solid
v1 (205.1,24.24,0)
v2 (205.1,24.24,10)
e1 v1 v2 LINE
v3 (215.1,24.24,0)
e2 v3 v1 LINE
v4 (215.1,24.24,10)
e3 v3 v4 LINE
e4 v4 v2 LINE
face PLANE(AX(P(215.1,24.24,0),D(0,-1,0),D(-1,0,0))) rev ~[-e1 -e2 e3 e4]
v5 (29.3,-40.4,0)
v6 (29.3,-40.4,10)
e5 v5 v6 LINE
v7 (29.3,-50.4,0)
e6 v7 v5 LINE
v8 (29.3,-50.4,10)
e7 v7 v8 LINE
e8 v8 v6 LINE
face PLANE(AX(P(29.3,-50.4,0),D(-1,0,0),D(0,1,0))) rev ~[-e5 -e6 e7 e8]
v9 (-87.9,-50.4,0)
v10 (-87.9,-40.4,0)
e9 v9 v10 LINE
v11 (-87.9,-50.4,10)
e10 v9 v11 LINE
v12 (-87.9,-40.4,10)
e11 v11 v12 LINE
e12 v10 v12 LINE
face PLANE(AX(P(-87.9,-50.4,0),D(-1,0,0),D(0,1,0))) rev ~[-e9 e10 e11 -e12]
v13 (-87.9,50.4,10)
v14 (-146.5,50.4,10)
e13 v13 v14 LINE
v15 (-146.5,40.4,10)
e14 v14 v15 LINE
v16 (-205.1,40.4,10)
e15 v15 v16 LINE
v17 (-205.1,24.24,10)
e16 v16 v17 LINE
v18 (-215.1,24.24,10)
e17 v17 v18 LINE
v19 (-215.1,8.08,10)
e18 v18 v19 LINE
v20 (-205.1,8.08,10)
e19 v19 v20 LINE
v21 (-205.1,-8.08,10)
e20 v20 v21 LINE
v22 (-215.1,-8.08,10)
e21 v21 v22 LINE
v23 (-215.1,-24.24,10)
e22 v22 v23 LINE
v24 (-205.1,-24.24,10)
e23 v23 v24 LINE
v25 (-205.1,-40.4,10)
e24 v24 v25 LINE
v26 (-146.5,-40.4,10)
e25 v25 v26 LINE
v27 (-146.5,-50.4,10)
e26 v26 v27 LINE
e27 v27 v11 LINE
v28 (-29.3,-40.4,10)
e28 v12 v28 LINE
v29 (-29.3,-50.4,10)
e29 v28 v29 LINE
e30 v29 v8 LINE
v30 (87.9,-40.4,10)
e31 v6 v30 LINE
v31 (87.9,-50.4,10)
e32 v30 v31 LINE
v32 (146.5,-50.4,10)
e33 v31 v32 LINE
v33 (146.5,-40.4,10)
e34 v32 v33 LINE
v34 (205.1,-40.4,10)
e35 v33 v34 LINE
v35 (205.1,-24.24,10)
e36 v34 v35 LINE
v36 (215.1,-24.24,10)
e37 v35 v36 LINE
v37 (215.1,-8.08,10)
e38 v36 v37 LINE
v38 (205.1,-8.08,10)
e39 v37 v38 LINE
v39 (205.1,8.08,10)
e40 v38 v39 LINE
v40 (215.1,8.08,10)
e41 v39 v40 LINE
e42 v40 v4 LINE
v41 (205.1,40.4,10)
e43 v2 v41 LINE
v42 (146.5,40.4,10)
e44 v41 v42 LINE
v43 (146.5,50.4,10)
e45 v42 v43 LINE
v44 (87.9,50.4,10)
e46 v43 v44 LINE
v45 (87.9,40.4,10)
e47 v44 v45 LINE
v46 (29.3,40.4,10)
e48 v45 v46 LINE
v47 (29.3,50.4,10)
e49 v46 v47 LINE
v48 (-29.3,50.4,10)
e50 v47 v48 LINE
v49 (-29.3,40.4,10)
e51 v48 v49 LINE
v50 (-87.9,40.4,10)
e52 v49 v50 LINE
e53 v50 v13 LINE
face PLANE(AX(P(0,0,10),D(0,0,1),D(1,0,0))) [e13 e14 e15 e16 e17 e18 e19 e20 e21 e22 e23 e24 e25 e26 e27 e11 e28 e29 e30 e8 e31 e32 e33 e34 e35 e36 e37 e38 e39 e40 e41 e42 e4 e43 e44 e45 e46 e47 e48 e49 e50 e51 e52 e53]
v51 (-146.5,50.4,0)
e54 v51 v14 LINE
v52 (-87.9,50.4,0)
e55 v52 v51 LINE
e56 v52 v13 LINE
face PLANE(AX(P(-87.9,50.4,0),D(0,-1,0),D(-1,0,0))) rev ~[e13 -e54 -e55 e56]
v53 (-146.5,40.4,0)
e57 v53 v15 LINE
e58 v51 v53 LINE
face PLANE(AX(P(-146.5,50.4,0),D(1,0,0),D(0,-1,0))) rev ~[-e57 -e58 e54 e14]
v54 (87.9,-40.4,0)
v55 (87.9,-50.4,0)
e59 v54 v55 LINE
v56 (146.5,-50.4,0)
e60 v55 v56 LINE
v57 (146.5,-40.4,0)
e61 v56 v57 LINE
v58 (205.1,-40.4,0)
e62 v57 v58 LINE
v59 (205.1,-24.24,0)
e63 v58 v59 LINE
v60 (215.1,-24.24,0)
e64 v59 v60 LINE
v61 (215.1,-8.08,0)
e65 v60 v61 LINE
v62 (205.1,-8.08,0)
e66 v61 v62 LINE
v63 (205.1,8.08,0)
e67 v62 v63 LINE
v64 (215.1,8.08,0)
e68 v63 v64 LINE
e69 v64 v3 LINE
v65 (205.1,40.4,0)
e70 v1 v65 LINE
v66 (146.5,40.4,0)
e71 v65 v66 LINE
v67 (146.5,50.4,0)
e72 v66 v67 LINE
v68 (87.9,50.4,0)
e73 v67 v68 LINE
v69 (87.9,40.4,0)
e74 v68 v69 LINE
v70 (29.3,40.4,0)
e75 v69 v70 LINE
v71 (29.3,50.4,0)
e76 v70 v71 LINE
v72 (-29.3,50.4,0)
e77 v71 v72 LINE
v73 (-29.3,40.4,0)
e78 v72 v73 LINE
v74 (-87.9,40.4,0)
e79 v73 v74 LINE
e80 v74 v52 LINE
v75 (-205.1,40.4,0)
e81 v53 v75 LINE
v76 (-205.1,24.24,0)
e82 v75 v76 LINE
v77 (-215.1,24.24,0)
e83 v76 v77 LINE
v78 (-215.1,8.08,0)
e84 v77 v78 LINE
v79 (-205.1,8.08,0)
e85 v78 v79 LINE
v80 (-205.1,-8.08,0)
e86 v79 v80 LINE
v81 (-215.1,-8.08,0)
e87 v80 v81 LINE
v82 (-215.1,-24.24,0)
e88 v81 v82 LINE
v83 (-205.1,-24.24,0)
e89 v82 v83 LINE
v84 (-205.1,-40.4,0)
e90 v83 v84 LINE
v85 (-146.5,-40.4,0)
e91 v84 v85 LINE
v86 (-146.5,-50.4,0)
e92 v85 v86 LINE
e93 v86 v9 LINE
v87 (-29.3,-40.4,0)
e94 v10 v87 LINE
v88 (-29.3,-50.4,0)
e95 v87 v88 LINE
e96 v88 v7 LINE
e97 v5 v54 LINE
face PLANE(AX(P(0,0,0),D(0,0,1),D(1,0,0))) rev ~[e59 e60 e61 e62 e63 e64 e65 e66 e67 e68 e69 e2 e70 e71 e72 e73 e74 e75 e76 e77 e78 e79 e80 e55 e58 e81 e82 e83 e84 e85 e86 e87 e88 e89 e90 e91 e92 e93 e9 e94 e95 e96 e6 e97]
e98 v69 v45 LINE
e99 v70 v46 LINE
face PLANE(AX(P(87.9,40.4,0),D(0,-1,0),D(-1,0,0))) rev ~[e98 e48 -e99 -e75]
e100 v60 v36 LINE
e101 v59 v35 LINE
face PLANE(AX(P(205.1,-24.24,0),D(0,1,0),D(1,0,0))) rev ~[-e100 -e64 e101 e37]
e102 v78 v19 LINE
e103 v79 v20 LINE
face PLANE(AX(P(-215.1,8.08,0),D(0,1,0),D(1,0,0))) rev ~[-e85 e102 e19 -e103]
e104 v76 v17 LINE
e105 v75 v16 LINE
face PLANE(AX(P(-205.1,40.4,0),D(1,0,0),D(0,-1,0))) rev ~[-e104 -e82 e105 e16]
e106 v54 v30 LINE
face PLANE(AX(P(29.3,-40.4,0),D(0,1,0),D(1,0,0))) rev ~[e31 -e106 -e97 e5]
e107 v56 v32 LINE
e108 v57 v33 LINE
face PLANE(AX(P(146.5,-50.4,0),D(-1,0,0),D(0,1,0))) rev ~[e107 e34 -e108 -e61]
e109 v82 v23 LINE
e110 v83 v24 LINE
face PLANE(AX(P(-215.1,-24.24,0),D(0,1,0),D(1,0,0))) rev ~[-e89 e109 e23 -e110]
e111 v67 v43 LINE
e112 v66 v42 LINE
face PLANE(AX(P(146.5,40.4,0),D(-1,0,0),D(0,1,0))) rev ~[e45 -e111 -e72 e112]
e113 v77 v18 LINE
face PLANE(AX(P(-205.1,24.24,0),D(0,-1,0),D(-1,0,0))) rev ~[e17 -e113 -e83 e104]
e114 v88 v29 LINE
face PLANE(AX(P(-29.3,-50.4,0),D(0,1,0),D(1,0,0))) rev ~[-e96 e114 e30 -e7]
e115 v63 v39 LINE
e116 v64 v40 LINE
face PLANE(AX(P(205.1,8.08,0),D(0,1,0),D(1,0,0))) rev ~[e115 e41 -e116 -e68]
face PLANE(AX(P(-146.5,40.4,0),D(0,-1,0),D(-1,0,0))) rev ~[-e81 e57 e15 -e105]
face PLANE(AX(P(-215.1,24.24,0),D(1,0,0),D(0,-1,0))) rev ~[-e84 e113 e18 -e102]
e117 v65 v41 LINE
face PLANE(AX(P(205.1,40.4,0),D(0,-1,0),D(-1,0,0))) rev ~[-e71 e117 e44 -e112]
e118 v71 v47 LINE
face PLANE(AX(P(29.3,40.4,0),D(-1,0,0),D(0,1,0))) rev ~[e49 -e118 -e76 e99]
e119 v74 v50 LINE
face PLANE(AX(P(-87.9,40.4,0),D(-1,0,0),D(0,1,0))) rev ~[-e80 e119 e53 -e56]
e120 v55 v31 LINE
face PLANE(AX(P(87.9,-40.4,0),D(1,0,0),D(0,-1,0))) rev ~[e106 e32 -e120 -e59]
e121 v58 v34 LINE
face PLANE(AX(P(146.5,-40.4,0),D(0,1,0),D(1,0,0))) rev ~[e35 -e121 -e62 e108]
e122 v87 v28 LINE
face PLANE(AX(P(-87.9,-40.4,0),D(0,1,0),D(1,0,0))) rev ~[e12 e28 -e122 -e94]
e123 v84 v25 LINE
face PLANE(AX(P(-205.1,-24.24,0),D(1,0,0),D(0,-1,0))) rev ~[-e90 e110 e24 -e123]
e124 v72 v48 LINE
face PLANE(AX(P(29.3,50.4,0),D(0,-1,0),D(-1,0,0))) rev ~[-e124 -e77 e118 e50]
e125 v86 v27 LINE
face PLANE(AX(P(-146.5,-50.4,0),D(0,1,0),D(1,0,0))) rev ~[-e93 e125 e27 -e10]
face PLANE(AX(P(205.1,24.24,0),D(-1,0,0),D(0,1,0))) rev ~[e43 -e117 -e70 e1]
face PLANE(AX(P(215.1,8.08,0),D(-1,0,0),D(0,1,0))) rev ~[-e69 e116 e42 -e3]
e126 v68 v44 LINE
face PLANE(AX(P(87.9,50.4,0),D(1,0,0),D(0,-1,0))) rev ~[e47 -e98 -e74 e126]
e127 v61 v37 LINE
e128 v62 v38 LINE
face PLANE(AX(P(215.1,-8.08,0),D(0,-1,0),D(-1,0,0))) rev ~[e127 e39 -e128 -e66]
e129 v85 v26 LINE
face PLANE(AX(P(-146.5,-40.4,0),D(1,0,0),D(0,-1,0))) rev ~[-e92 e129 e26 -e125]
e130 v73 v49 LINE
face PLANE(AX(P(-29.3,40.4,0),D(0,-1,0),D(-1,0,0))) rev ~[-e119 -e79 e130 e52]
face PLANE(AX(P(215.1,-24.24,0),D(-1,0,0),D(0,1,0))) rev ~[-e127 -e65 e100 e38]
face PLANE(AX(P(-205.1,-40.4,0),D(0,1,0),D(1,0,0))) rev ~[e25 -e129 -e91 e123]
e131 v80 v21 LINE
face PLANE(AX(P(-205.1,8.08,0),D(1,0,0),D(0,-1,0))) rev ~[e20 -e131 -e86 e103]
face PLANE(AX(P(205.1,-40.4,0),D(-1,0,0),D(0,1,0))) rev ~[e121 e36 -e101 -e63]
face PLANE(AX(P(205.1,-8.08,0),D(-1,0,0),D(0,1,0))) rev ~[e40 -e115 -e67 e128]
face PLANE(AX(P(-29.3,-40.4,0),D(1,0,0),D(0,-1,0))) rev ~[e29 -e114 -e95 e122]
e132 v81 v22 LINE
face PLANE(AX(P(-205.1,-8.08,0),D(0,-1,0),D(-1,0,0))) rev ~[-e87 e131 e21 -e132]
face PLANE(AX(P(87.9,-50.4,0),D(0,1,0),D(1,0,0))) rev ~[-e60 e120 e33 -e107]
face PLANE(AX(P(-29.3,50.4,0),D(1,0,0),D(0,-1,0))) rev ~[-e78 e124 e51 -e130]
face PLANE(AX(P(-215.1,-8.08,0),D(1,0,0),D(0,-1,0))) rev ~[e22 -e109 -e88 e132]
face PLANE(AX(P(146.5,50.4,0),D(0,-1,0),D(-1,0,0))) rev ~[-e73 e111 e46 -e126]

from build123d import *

# Parameters (mm, degrees)
BOSS_EXTRUDE1_DEPTH = 10


with BuildPart() as part:
    # Sketch2 → Boss-Extrude1 (new body)
    with BuildSketch(Plane.XY):
        Polygon((-205.1, 40.4), (-205.1, 24.24), (-215.1, 24.24), (-215.1, 8.08), (-205.1, 8.08), (-205.1, -8.08), (-215.1, -8.08), (-215.1, -24.24), (-205.1, -24.24), (-205.1, -40.4), (-146.5, -40.4), (-146.5, -50.4), (-87.9, -50.4), (-87.9, -40.4), (-29.3, -40.4), (-29.3, -50.4), (29.3, -50.4), (29.3, -40.4), (87.9, -40.4), (87.9, -50.4), (146.5, -50.4), (146.5, -40.4), (205.1, -40.4), (205.1, -24.24), (215.1, -24.24), (215.1, -8.08), (205.1, -8.08), (205.1, 8.08), (215.1, 8.08), (215.1, 24.24), (205.1, 24.24), (205.1, 40.4), (146.5, 40.4), (146.5, 50.4), (87.9, 50.4), (87.9, 40.4), (29.3, 40.4), (29.3, 50.4), (-29.3, 50.4), (-29.3, 40.4), (-87.9, 40.4), (-87.9, 50.4), (-146.5, 50.4), (-146.5, 40.4), align=None)
    extrude(amount=BOSS_EXTRUDE1_DEPTH)


solid = part.part
